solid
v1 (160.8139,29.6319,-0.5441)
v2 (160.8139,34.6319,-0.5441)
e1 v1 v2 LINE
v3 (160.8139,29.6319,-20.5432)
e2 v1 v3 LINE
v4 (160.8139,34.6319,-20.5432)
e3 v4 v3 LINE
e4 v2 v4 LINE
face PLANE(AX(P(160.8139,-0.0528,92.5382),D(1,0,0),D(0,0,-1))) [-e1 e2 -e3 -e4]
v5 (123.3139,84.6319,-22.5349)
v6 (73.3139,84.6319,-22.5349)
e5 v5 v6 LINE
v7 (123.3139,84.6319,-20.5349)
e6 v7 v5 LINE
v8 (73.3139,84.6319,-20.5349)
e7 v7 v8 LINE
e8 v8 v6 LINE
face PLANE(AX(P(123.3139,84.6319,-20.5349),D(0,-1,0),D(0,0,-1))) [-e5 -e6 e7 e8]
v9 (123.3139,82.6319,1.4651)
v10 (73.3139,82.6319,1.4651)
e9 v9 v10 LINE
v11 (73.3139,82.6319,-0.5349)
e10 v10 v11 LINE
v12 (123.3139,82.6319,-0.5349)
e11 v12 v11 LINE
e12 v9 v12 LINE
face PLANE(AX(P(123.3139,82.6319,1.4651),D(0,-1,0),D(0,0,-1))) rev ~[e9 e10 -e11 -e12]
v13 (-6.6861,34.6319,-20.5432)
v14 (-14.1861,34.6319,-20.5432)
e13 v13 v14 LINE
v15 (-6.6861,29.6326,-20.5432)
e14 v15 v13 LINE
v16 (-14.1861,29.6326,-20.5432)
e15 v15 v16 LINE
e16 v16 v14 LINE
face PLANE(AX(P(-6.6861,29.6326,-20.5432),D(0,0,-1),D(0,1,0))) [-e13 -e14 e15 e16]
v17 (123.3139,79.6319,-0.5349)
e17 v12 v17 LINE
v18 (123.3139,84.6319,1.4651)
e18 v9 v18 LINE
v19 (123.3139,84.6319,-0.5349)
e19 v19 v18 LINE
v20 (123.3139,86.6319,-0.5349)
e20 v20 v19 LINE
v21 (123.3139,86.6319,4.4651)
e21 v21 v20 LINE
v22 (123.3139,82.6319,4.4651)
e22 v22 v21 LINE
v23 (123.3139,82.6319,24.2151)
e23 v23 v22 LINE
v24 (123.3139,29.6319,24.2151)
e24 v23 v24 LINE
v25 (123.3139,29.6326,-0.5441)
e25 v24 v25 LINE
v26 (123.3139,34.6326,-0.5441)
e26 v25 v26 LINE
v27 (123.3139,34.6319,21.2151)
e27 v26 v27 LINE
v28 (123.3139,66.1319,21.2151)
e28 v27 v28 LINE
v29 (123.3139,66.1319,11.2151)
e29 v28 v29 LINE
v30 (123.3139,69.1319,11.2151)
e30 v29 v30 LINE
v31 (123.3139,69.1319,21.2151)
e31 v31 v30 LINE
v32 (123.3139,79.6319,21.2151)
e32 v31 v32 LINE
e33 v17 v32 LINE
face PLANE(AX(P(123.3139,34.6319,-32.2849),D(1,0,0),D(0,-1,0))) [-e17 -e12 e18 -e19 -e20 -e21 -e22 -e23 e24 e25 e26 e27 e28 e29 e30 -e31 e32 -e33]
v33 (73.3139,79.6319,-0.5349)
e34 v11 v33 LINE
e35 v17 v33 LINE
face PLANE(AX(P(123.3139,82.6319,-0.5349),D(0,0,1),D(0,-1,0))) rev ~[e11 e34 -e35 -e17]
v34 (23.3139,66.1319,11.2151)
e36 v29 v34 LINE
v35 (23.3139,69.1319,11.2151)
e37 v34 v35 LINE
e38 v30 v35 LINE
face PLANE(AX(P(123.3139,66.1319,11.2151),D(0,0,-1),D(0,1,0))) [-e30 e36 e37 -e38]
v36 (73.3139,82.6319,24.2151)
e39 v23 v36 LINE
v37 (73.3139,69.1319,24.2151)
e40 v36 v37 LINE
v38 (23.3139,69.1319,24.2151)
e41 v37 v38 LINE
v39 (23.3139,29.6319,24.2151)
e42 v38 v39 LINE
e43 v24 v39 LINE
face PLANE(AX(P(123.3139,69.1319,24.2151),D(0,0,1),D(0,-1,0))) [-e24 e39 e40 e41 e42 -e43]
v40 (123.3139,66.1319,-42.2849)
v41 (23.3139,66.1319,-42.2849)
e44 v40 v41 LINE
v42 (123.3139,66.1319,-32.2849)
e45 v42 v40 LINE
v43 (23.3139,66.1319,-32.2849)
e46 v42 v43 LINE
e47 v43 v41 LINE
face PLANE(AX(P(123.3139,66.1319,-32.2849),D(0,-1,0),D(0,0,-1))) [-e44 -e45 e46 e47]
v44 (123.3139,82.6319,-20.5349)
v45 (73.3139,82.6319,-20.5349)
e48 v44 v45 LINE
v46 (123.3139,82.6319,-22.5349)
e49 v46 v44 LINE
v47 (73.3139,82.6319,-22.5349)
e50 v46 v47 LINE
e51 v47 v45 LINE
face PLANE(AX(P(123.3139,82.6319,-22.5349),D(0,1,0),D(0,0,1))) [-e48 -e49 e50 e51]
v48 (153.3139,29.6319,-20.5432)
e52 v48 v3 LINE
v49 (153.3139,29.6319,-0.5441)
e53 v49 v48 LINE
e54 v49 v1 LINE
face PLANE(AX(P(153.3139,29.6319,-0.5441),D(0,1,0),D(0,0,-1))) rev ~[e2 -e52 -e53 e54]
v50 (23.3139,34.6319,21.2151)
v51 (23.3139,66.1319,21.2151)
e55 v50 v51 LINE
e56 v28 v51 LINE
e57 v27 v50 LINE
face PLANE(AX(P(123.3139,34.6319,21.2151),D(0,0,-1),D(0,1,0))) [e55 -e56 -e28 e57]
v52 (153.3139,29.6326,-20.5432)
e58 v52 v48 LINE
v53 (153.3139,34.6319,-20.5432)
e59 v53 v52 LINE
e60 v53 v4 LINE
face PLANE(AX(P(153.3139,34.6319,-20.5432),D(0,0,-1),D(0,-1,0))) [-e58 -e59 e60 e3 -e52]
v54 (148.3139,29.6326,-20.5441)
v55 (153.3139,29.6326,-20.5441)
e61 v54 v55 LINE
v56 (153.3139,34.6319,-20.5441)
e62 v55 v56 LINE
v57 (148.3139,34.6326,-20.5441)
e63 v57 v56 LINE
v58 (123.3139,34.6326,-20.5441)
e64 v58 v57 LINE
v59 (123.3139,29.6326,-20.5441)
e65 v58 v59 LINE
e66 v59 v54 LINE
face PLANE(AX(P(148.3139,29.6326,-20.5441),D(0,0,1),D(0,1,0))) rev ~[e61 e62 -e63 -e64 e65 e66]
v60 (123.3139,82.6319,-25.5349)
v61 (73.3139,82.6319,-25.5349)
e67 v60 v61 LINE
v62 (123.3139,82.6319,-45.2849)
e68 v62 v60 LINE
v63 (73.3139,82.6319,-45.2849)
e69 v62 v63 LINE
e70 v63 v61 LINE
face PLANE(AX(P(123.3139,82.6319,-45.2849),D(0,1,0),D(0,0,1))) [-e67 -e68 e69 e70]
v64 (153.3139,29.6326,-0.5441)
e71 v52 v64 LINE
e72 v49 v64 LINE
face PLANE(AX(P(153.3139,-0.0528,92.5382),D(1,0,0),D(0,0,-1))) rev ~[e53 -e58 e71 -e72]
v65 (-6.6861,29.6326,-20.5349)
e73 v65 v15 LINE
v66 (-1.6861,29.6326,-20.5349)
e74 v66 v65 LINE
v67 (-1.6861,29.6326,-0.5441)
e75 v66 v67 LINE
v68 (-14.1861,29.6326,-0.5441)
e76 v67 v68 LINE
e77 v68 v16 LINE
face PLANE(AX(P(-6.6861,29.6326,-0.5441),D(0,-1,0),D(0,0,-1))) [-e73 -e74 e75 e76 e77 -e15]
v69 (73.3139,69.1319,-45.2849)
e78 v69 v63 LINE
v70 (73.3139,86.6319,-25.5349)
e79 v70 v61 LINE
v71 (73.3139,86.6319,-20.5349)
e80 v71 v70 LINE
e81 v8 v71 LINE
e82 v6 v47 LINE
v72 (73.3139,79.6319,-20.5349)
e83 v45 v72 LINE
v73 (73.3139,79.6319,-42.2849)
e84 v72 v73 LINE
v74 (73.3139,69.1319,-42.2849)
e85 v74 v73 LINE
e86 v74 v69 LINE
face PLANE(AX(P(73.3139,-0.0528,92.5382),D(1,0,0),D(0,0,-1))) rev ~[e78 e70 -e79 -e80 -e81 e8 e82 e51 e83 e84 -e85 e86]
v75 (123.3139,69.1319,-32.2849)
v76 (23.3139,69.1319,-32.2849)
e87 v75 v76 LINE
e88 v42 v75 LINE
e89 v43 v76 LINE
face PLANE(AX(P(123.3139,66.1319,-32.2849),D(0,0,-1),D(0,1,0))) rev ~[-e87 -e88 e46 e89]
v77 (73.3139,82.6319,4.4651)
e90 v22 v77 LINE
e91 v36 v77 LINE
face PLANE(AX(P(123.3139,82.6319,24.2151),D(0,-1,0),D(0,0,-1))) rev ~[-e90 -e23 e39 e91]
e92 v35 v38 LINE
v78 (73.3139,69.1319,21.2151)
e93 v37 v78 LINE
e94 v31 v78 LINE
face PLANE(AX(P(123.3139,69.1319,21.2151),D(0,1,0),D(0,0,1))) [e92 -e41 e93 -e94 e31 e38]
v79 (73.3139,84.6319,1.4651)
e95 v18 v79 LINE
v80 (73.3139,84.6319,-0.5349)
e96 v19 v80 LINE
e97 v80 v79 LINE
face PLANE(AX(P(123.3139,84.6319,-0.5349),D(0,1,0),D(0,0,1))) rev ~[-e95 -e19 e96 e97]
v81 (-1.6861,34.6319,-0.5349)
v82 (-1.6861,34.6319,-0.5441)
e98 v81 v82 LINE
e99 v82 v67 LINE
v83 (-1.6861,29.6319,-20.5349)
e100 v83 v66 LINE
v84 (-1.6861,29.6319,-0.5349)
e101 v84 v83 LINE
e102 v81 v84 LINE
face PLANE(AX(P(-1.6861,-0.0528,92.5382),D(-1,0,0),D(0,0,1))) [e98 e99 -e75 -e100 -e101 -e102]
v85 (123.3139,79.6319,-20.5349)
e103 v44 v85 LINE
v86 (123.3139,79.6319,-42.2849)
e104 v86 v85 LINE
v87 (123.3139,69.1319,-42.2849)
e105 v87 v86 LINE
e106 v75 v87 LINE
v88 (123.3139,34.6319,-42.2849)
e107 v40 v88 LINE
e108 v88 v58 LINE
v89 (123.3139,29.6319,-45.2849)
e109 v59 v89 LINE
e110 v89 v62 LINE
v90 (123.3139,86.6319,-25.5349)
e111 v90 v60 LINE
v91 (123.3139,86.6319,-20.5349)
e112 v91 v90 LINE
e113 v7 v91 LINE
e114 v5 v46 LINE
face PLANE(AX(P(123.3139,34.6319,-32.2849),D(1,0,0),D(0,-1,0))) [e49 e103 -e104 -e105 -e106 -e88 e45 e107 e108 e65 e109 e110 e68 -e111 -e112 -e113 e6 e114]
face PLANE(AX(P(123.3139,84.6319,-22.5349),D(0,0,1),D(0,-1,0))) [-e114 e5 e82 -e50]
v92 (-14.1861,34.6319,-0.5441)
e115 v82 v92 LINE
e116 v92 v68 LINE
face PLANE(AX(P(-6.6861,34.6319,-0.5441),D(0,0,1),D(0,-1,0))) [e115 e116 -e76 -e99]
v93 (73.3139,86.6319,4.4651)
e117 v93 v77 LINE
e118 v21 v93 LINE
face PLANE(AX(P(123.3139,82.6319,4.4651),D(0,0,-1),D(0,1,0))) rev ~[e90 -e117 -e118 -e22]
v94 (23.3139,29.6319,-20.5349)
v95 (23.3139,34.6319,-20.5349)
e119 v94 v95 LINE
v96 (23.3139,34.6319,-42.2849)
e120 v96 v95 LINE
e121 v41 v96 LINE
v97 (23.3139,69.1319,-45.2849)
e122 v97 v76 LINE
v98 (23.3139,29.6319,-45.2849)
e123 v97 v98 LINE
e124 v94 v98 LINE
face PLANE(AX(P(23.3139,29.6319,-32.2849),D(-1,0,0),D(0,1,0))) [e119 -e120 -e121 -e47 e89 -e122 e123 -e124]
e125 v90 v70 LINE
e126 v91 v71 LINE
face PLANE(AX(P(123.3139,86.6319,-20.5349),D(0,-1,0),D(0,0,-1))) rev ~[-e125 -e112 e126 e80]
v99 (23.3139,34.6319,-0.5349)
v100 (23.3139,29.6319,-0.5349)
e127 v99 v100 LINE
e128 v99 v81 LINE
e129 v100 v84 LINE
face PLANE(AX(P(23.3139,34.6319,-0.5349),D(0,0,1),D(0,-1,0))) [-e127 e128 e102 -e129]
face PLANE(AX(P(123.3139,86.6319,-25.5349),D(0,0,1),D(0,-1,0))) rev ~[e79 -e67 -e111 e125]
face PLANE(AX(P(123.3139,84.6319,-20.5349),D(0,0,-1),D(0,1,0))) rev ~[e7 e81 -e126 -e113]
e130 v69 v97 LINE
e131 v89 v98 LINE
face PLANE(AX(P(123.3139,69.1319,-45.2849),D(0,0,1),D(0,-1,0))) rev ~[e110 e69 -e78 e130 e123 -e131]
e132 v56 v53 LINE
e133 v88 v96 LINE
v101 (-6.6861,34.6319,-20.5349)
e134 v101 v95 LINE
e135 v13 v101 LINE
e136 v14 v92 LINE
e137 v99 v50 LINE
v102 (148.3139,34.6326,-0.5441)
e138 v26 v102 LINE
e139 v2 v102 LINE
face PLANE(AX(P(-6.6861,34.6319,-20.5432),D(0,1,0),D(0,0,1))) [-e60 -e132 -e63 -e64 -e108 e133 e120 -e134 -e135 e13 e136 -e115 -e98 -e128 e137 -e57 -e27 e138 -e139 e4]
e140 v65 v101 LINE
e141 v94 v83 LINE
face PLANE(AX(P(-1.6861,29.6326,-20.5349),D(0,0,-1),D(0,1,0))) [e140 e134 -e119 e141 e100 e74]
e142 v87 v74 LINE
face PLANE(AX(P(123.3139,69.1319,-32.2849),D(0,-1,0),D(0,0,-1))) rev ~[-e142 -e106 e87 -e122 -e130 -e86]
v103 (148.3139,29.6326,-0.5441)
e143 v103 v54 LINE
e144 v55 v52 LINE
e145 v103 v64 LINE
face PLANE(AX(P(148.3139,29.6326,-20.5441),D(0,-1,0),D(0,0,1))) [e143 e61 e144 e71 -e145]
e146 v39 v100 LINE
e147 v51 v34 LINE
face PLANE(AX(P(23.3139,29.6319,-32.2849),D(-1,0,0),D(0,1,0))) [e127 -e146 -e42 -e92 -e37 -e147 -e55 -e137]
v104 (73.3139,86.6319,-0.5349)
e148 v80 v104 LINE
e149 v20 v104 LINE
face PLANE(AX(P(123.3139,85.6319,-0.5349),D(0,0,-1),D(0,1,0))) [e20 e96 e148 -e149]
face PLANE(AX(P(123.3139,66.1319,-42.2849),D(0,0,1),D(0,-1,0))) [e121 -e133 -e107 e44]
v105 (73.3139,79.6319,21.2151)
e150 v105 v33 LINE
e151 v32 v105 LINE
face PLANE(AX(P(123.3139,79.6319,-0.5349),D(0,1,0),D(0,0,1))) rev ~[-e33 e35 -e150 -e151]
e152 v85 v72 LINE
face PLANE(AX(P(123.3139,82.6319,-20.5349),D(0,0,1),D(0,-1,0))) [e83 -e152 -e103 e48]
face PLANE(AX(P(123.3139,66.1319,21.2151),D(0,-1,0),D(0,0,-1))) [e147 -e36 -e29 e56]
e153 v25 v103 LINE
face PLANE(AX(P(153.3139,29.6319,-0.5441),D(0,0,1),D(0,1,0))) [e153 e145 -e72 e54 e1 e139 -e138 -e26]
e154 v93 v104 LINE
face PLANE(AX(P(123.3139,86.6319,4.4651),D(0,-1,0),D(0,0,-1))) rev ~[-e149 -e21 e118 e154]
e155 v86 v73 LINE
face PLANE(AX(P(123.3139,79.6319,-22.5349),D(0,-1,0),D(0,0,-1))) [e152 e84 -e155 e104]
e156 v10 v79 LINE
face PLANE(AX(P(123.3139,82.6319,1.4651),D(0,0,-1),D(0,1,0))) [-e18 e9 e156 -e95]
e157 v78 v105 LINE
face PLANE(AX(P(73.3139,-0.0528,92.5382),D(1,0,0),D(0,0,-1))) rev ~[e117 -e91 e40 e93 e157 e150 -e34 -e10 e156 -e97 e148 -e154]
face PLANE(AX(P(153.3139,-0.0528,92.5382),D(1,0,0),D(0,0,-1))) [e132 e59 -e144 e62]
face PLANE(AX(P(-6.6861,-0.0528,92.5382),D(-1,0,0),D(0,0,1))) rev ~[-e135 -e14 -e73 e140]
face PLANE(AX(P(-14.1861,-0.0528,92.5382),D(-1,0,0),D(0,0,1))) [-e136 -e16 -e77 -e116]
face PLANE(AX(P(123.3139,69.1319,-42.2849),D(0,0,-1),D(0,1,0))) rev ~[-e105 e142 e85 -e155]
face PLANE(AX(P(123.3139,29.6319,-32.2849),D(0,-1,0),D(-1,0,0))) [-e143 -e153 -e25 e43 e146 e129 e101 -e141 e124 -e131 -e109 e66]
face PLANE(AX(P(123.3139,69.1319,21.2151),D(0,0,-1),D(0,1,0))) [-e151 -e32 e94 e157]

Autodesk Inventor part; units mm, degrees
ref_plane "YZ Plane" through (0, 0, 0) normal (1, 0, 0) x (0, 1, 0)
ref_plane "Piano di lavoro9" through (123.3139, -0.0528, 92.5382) normal (1, 0, 0) x (0, 0, -1)
sketch "Schizzo5" plane through (123.3139, -0.0528, 92.5382) normal (1, 0, 0) x (0, 0, -1)
  line L0 (71.3231, 66.1847) -> (134.8231, 66.1847)
  line L1 (134.8231, 66.1847) -> (134.8231, 34.6847)
  line L2 (134.8231, 34.6847) -> (71.3231, 34.6847)
  line L3 (71.3231, 34.6847) -> (71.3231, 66.1847)
  line L4 (71.3231, 34.6847) -> (81.3231, 34.6847)
  line L5 (81.3231, 34.6847) -> (81.3231, 29.6847)
  line L6 (81.3231, 29.6847) -> (71.3231, 29.6847)
  line L7 (134.8231, 34.6847) -> (124.8231, 34.6847)
  line L8 (124.8231, 34.6847) -> (124.8231, 29.6847)
  line L9 (124.8231, 29.6847) -> (134.8231, 29.6847)
  line L10 (71.3231, 66.1847) -> (81.3231, 66.1847)
  line L11 (81.3231, 66.1847) -> (81.3231, 69.1847)
  line L12 (81.3231, 69.1847) -> (71.3231, 69.1847)
  line L13 (134.8231, 66.1847) -> (124.8231, 66.1847)
  line L14 (124.8231, 66.1847) -> (124.8231, 69.1847)
  line L15 (124.8231, 69.1847) -> (134.8231, 69.1847)
  line L16 (71.3231, 69.1847) -> (68.3231, 69.1847)
  line L17 (68.3231, 69.1847) -> (68.3231, 29.6847)
  line L18 (68.3231, 29.6847) -> (71.3231, 29.6847)
  line L19 (71.3231, 34.6847) -> (71.3231, 66.1847)
  line L20 (134.8231, 69.1847) -> (137.8231, 69.1847)
  line L21 (137.8231, 69.1847) -> (137.8231, 29.6847)
  line L22 (137.8231, 29.6847) -> (134.8231, 29.6847)
  point P0 (92.5382, 0.0528)
  dimension "d18" = 63.5
  dimension "d19" = 31.5
  dimension "d20" = 10
  dimension "d21" = 5
  dimension "d22" = 10
  dimension "d23" = 5
  dimension "d24" = 10
  dimension "d25" = 3
  dimension "d26" = 10
  dimension "d27" = 3
  dimension "d28" = 3
  dimension "d29" = 3
extrude "Estrusione3" add sketch "Schizzo5" against normal blind 100 contours L3 L2 L5 L6 L18 L17 L16 L12 L11 L0 | L14 L15 L20 L21 L22 L9 L8 L2 L1 L0
ref_plane "Piano di lavoro11" through (123.3139, -0.0528, 92.5382) normal (1, 0, 0) x (0, 0, -1)
sketch "Schizzo6" plane through (123.3139, -0.0528, 92.5382) normal (1, 0, 0) x (0, 0, -1)
  line L0 (71.3231, 66.1847) -> (81.3231, 66.1847) projected
  line L1 (81.3231, 34.6847) -> (71.3231, 34.6847) projected
  line L2 (81.3231, 29.6847) -> (81.3231, 34.6847) projected
  line L3 (134.8231, 66.1847) -> (134.8231, 34.6847) projected
  line L4 (71.3231, 34.6847) -> (71.3231, 66.1847) projected
  line L5 (68.3231, 99.6847) -> (137.155, 99.6847)
  line L6 (124.8231, 69.1847) -> (137.8231, 69.1847) projected
  line L7 (137.8231, 69.1847) -> (134.8231, 69.1847)
  line L8 (134.8231, 69.1847) -> (134.8231, 79.6847)
  line L9 (137.8231, 79.6847) -> (137.8231, 69.1847)
  line L10 (71.3231, 69.1847) -> (71.3231, 79.6847)
  line L11 (68.3231, 79.6847) -> (68.3231, 69.1847)
  line L12 (115.0731, 79.6847) -> (134.8231, 79.6847)
  line L13 (137.8231, 79.6847) -> (137.8231, 82.6847)
  line L14 (137.8231, 82.6847) -> (118.0731, 82.6847)
  line L15 (91.0731, 79.6847) -> (71.3231, 79.6847)
  line L16 (68.3231, 79.6847) -> (68.3231, 82.6847)
  line L17 (68.3231, 82.6847) -> (88.0731, 82.6847)
  line L18 (91.0731, 82.6847) -> (93.0731, 82.6847)
  line L19 (93.0731, 82.6847) -> (93.0731, 79.6847)
  line L20 (93.0731, 79.6847) -> (91.0731, 79.6847)
  line L21 (115.0731, 82.6847) -> (113.0731, 82.6847)
  line L22 (113.0731, 82.6847) -> (113.0731, 79.6847)
  line L23 (113.0731, 79.6847) -> (115.0731, 79.6847)
  line L24 (91.0731, 82.6847) -> (91.0731, 84.6847)
  line L25 (88.0731, 82.6847) -> (88.0731, 85.6847)
  line L26 (93.0731, 85.6847) -> (93.0731, 84.6847)
  line L27 (93.0731, 84.6847) -> (91.0731, 84.6847)
  line L28 (113.0731, 84.6847) -> (115.0731, 84.6847)
  line L29 (93.0731, 85.6847) -> (93.0731, 86.6847)
  line L30 (88.0731, 85.6847) -> (88.0731, 86.6847)
  line L31 (88.0731, 86.6847) -> (93.0731, 86.6847)
  line L32 (113.0731, 84.6847) -> (113.0731, 86.6847)
  line L33 (113.0731, 86.6847) -> (118.0731, 86.6847)
  line L34 (118.0731, 86.6847) -> (118.0731, 82.6847)
  line L35 (115.0731, 84.6847) -> (115.0731, 82.6847)
  line L36 (68.3231, 69.1847) -> (81.3231, 69.1847) projected
  line L37 (71.3231, 69.1847) -> (68.3231, 69.1847)
  point P0 (92.5382, 0.0528)
  point P1 (68.3231, 29.6847)
  dimension "d32" = 70
  dimension "d33" = 31.5
  dimension "d35" = 63.5
  dimension "d37" = 3
  dimension "d38" = 10.5
  dimension "d39" = 3
  dimension "d40" = 10.5
  dimension "d43" = 3
  dimension "d44" = 3
  dimension "d45" = 2
  dimension "d46" = 2
  dimension "d47" = 2
  dimension "d50" = 2
  dimension "d54" = 2
  dimension "d55" = 4
  dimension "d56" = 5
  dimension "d57" = 2
  dimension "d58" = 2
  dimension "d59" = 5
extrude "Estrusione4" add sketch "Schizzo6" against normal blind 50
sketch "Schizzo7" plane through (123.3139, 29.6319, -32.2849) normal (0, 0, 1) x (1, 0, 0)
  line L0 (0, 5) -> (0, 0) projected
  line L1 (0, 5) -> (-100, 5) projected
  line L2 (-100, 0) -> (-100, 5) projected
  line L3 (0, 0) -> (-100, 0) projected
  point P0 (-123.3139, -29.6319)
extrude "Estrusione5" add sketch "Schizzo7" along normal blind 47.25
sketch "Schizzo8" plane through (123.3139, -0.0528, 92.5382) normal (1, 0, 0) x (0, 0, -1)
  line L0 (71.3231, 66.1847) -> (71.3231, 34.6847) projected
  line L1 (71.3231, 34.6847) -> (65.0934, 34.6847)
  line L2 (134.8231, 34.6847) -> (141.848, 34.6847)
  line L3 (137.8231, 29.6847) -> (137.8231, 82.6847) projected
  line L4 (68.3231, 29.6847) -> (68.3231, 69.1847) projected
  line L5 (137.8231, 34.6847) -> (68.3231, 34.6847)
  line L6 (68.3231, 34.6847) -> (68.3231, 29.6797)
  line L7 (137.8231, 29.6797) -> (137.8231, 34.6847)
  line L8 (68.3231, 29.6847) -> (137.86, 29.6847)
  line L9 (93.0823, 34.6854) -> (113.0823, 34.6854)
  line L10 (113.0823, 34.6854) -> (113.0823, 29.6854)
  line L11 (113.0823, 29.6854) -> (93.0823, 29.6854)
  line L12 (93.0823, 29.6854) -> (93.0823, 34.6854)
  line L13 (113.0823, 34.6854) -> (93.0823, 34.6854)
  line L14 (93.0823, 34.6854) -> (93.0823, 29.6854)
  line L15 (93.0823, 29.6854) -> (113.0823, 29.6854)
  line L16 (113.0823, 29.6854) -> (113.0823, 34.6854)
  point P0 (92.5382, 0.0528)
  point P1 (103.0823, 32.1854)
  point P2 (103.0823, 32.1854)
  point P3 (113.0823, 34.6847)
  point P4 (93.0823, 34.6847)
  dimension "d82" = 20
  dimension "d83" = 5
extrude "Estrusione6" add sketch "Schizzo8" along normal blind 25 contours L5 L10 L8 L12
sketch "Schizzo9" plane through (23.3139, -0.0528, 92.5382) normal (-1, 0, 0) x (0, 0, 1)
  line L0 (-71.3231, 66.1847) -> (-71.3231, 34.6847) projected
  line L1 (-71.3231, 34.6847) -> (-67.9708, 34.6847)
  line L2 (-68.3231, 82.6847) -> (-68.3231, 29.6847) projected
  line L3 (-68.3231, 29.6847) -> (-137.8231, 29.6847) projected
  line L4 (-68.3231, 34.6847) -> (-137.8231, 34.6847)
  line L5 (-137.8231, 34.6847) -> (-137.8231, 29.6847)
  line L6 (-137.8231, 29.6847) -> (-68.3231, 29.6847)
  line L7 (-68.3231, 29.6847) -> (-68.3231, 34.6847)
  line L8 (-113.0731, 34.6847) -> (-93.0731, 34.6847)
  line L9 (-93.0731, 34.6847) -> (-93.0731, 29.6847)
  line L10 (-93.0731, 29.6847) -> (-113.0731, 29.6847)
  line L11 (-113.0731, 29.6847) -> (-113.0731, 34.6847)
  point P0 (-92.5382, 0.0528)
  point P1 (-103.0731, 32.1847)
  point P2 (-103.0731, 32.1847)
  dimension "d86" = 20
  dimension "d87" = 5
extrude "Estrusione7" add sketch "Schizzo9" along normal blind 25 contours L9 L3 L11 L4
sketch "Schizzo10" plane through (23.3139, 34.6319, 21.2151) normal (0, 1, 0) x (1, 0, 0)
  line L0 (-25, 21.75) -> (-25, 41.75) projected
  line L1 (-25, 31.75) -> (-20, 31.75)
  circle A0 centre (-20, 31.75) radius 0.5
  line L2 (125, 41.7592) -> (125, 21.7592) projected
  line L3 (125, 31.7592) -> (120, 31.7592)
  circle A1 centre (120, 31.7592) radius 0.5
  point P0 (-23.3139, 21.2151)
  dimension "d90" = 5
  dimension "d91" = 1
  dimension "d92" = 5
  dimension "d93" = 1
sketch "Schizzo11" plane through (148.3139, -0.0528, 92.5382) normal (1, 0, 0) x (0, 0, -1)
  line L0 (113.0823, 34.6847) -> (93.0823, 34.6847) projected
  line L1 (113.0823, 29.6854) -> (113.0823, 34.6847) projected
  line L2 (93.0823, 34.6847) -> (113.0823, 34.6847)
  line L3 (113.0823, 34.6847) -> (113.0823, 29.6854)
  line L4 (113.0823, 29.6854) -> (93.0823, 29.6854)
  line L5 (93.0823, 29.6854) -> (93.0823, 34.6847)
  point P0 (92.5382, 0.0528)
extrude "Estrusione8" add sketch "Schizzo11" along normal blind 5
sketch "Schizzo12" plane through (-1.6861, -0.0528, 92.5382) normal (-1, 0, 0) x (0, 0, 1)
  line L0 (-113.0731, 34.6847) -> (-134.8231, 34.6847) projected
  line L1 (-113.0823, 29.6854) -> (-93.0823, 29.6854) projected
  line L2 (-113.0731, 34.6847) -> (-93.0823, 34.6847)
  line L3 (-93.0823, 34.6847) -> (-93.0823, 29.6854)
  line L4 (-93.0823, 29.6854) -> (-113.0731, 29.6854)
  line L5 (-113.0731, 29.6854) -> (-113.0731, 34.6847)
  point P0 (-92.5382, 0.0528)
extrude "Estrusione9" add sketch "Schizzo12" along normal blind 5
sketch "Schizzo14" plane through (153.3139, -0.0528, 92.5382) normal (1, 0, 0) x (0, 0, -1)
  line L0 (93.0823, 34.6847) -> (71.3231, 34.6847) projected
  line L1 (68.3231, 29.6847) -> (137.8231, 29.6847) projected
  line L2 (93.0823, 34.6847) -> (113.0814, 34.6847)
  line L3 (113.0814, 34.6847) -> (113.0814, 29.6847)
  line L4 (113.0814, 29.6847) -> (93.0823, 29.6847)
  line L5 (93.0823, 29.6847) -> (93.0823, 34.6847)
  point P0 (92.5382, 0.0528)
extrude "Estrusione10" add sketch "Schizzo14" along normal blind 7.5
sketch "Schizzo15" plane through (-6.6861, -0.0528, 92.5382) normal (-1, 0, 0) x (0, 0, 1)
  line L0 (-93.0823, 29.6854) -> (-113.0814, 29.6854) projected
  line L1 (-113.0814, 34.6847) -> (-93.0823, 34.6847) projected
  line L2 (-93.0823, 29.6854) -> (-113.0814, 29.6854)
  line L3 (-113.0814, 29.6854) -> (-113.0814, 34.6847)
  line L4 (-113.0814, 34.6847) -> (-93.0823, 34.6847)
  line L5 (-93.0823, 34.6847) -> (-93.0823, 29.6854)
  point P0 (-92.5382, 0.0528)
extrude "Estrusione11" add sketch "Schizzo15" along normal blind 7.5
properties part number "pignat_2_Stampa 3D"
